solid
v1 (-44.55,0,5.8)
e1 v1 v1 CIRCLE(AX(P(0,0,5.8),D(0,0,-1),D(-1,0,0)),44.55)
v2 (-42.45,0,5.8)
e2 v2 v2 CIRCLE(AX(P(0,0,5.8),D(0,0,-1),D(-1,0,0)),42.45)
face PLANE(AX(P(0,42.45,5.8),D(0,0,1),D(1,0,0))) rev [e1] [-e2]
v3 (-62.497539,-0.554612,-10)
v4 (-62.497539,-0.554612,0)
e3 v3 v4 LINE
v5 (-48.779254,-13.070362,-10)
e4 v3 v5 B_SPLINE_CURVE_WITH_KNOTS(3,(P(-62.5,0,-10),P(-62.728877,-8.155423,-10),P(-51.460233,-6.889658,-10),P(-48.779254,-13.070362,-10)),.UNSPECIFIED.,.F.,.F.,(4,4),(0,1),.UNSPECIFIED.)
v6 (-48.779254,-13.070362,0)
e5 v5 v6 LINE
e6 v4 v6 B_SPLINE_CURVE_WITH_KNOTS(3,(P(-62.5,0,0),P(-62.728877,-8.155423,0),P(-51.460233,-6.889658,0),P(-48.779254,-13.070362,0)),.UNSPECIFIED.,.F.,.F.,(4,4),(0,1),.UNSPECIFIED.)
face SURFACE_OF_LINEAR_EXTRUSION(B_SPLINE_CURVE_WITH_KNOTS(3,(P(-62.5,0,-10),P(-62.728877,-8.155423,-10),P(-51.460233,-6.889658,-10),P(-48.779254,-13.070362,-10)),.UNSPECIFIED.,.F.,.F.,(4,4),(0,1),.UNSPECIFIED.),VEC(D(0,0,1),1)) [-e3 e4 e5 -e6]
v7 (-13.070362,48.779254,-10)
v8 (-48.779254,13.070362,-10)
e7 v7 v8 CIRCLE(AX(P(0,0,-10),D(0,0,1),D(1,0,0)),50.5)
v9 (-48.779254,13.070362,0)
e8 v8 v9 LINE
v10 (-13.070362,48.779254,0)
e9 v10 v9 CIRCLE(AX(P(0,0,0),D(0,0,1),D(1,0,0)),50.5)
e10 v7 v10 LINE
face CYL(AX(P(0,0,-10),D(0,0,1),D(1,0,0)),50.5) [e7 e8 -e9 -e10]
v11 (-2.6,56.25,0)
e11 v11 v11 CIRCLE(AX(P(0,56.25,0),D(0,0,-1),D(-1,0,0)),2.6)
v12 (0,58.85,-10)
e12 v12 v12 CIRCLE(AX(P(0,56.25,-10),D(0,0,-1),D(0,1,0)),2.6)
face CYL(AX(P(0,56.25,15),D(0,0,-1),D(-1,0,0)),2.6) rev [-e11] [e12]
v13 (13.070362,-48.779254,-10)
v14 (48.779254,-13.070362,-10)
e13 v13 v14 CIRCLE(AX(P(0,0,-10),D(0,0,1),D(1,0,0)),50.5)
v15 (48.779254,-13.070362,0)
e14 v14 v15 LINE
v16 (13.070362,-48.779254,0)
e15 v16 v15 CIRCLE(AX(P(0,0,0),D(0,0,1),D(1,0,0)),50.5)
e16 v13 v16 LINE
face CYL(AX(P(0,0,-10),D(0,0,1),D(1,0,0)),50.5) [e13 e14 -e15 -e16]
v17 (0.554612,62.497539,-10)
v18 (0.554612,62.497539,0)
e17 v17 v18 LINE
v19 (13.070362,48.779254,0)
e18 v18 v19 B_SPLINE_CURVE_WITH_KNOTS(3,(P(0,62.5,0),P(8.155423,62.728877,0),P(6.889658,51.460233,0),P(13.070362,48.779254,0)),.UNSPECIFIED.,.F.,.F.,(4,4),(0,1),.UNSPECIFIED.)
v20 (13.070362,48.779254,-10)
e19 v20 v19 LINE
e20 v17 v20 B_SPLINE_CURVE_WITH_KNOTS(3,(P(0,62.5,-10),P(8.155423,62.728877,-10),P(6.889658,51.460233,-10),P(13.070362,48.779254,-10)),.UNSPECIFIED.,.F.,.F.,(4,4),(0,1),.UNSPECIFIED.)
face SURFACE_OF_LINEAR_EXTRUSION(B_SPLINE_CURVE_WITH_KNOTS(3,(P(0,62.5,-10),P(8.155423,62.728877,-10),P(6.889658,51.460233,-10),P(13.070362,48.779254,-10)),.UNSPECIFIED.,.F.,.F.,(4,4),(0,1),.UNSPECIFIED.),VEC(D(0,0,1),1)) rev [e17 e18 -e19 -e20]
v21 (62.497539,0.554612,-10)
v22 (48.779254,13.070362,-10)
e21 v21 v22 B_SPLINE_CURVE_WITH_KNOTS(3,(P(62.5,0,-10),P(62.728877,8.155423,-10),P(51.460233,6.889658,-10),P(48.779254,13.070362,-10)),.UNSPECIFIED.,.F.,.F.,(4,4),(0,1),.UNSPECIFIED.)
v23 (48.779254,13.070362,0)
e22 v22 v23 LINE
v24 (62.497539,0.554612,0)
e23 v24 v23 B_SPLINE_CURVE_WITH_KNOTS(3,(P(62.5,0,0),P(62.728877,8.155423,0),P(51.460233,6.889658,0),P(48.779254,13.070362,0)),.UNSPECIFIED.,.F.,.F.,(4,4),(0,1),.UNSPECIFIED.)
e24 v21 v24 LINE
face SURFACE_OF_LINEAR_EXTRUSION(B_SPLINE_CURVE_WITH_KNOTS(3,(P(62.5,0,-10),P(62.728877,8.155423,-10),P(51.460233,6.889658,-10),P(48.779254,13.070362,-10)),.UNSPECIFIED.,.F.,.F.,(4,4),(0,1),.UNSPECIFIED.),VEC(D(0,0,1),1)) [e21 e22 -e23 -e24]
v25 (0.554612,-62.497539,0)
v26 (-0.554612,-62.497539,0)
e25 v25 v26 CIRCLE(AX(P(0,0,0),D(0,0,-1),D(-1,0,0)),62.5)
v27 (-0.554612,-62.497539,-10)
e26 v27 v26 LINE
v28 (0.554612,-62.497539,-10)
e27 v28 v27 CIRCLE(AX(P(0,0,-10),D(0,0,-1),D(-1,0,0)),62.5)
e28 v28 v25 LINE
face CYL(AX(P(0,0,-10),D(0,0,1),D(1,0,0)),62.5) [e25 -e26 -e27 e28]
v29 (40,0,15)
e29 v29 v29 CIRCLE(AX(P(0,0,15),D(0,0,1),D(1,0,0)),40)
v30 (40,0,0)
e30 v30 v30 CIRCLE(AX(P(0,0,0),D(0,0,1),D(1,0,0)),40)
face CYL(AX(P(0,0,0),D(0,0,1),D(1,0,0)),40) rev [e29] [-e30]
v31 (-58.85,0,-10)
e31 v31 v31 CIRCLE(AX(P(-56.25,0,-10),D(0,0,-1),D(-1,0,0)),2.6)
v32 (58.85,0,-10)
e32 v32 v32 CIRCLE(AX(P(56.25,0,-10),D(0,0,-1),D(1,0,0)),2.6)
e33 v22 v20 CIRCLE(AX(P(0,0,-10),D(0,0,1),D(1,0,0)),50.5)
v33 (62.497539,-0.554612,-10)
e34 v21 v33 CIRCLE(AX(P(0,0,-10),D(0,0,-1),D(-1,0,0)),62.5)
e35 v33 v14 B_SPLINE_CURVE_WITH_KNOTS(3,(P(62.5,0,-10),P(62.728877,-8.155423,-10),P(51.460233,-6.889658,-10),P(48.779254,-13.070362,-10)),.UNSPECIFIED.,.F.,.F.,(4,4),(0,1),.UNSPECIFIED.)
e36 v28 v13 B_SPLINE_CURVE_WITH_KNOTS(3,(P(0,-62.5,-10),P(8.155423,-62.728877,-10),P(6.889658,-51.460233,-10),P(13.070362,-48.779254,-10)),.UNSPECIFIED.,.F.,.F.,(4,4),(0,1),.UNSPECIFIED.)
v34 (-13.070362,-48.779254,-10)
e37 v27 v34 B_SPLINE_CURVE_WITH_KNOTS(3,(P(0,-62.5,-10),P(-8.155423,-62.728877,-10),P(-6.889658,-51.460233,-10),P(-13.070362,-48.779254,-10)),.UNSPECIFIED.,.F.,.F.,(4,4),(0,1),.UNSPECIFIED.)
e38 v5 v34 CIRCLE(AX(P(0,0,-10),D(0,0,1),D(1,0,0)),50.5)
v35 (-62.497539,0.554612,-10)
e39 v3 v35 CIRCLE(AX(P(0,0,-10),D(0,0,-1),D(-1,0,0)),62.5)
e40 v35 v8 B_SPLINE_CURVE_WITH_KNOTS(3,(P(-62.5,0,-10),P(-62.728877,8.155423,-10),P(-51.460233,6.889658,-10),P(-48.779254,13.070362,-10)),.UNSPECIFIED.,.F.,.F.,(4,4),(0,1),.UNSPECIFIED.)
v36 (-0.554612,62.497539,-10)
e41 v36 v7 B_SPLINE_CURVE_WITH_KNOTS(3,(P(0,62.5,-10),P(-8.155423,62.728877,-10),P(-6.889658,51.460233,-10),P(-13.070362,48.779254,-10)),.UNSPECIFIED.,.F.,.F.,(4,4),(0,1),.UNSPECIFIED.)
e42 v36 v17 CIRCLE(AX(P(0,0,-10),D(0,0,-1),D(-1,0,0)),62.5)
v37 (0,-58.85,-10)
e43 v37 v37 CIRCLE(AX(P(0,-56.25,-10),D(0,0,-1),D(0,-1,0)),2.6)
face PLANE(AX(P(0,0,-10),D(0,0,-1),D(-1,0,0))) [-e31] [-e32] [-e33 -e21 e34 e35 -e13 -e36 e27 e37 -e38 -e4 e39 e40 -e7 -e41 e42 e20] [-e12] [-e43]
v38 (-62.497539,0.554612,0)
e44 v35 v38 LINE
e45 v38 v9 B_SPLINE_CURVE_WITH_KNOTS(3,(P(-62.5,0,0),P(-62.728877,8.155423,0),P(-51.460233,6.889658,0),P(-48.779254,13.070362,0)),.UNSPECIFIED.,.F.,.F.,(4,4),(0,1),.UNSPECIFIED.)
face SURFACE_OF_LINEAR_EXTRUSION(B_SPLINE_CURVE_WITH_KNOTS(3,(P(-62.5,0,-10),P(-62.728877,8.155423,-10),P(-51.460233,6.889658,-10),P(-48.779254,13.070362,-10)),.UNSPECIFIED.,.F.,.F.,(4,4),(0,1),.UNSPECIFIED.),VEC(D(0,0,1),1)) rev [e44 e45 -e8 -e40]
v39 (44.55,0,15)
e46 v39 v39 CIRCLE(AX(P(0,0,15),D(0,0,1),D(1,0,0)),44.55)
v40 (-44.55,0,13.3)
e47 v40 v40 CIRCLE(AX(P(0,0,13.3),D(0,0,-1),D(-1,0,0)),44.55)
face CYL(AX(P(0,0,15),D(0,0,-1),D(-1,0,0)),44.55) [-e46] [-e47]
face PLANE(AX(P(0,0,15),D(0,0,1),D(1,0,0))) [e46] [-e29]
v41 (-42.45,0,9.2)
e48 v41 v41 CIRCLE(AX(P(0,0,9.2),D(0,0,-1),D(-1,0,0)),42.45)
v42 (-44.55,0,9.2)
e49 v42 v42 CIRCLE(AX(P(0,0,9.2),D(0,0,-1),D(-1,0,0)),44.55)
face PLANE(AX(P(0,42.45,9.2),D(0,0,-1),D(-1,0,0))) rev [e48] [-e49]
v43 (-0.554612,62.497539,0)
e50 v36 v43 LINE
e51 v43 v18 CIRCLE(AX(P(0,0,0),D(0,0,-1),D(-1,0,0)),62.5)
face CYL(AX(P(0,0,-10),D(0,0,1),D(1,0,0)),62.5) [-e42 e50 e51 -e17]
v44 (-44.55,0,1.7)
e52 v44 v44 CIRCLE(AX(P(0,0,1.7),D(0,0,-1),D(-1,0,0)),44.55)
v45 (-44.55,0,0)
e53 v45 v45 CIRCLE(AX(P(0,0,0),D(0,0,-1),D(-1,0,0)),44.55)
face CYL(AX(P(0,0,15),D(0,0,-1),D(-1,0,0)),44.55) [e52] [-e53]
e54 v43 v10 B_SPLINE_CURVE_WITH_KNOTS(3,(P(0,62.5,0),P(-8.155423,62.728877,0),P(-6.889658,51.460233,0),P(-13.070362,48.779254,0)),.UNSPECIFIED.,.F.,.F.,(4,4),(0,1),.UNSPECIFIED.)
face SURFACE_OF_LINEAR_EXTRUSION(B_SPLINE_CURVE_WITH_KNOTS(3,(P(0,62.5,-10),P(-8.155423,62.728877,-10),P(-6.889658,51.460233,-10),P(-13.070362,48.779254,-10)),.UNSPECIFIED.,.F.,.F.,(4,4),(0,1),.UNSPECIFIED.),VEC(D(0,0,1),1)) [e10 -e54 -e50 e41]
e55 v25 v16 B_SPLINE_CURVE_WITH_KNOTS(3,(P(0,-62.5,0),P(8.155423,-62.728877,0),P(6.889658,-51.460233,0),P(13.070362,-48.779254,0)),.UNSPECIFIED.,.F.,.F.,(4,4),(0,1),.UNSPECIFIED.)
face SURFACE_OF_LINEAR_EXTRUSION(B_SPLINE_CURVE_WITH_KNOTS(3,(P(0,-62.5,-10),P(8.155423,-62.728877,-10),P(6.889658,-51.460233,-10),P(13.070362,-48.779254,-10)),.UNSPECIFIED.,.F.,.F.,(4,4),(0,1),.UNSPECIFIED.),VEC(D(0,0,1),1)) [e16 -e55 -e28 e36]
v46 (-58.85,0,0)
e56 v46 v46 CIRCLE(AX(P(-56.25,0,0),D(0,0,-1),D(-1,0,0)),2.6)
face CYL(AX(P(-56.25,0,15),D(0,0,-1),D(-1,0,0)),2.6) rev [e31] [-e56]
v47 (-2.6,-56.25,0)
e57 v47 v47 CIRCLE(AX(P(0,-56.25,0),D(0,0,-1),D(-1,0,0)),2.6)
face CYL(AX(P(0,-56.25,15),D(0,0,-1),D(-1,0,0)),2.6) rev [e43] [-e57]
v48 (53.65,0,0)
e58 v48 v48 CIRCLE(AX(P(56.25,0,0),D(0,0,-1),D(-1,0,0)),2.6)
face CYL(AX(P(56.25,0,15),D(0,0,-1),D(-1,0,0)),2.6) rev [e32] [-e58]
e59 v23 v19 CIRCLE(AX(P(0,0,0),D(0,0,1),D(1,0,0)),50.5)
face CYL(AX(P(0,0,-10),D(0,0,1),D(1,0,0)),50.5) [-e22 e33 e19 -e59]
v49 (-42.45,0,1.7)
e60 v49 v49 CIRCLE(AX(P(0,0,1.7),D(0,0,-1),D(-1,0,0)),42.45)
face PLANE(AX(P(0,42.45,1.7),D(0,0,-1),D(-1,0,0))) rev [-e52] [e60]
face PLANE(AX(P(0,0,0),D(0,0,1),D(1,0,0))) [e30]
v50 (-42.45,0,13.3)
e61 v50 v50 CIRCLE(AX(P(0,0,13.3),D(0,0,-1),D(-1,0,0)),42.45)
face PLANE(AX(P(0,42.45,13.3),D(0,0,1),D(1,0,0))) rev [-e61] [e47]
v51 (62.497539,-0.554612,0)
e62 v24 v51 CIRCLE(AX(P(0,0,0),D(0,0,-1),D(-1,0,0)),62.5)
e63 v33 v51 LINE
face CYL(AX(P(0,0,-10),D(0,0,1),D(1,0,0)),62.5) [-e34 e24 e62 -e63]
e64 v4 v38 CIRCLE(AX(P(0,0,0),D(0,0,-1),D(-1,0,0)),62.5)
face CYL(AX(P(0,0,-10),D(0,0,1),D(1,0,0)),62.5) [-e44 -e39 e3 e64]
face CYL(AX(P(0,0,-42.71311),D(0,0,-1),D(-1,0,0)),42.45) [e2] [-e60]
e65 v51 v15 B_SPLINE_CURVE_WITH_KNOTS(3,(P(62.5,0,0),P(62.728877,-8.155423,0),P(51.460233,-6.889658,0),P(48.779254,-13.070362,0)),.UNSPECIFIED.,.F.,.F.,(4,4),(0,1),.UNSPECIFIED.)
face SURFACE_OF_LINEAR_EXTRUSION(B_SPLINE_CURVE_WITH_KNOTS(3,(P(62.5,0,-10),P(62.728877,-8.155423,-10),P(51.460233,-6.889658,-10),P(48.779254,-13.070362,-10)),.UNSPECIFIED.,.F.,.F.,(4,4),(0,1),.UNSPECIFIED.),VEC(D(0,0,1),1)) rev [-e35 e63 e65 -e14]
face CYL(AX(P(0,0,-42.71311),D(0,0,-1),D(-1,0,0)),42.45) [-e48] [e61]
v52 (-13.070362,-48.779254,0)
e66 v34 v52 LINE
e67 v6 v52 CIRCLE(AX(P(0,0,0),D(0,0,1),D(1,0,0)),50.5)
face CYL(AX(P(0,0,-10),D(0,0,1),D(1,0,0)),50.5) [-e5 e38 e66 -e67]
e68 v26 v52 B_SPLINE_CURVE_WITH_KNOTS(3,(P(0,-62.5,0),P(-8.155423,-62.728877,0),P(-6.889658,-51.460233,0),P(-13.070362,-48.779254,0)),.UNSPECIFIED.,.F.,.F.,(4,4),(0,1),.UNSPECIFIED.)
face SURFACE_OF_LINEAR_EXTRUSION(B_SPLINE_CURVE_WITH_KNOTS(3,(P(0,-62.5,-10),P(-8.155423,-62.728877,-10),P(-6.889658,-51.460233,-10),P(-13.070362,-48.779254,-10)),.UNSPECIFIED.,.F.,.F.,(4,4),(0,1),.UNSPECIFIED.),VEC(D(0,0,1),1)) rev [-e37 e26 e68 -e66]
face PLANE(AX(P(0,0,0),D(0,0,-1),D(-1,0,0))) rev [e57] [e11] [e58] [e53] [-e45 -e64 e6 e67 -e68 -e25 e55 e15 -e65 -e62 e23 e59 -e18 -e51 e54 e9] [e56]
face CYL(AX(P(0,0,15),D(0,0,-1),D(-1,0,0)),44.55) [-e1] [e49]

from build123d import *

# Parameters (mm, degrees)
SKETCH1_R           = 44.55
BOSS_EXTRUDE1_DEPTH = 15
SKETCH2_R           = 62.5
BOSS_EXTRUDE2_DEPTH = 10
SKETCH3_R           = 40
CUT_EXTRUDE1_DEPTH  = 15
SKETCH4_W           = 4.1
SKETCH4_H           = 2.1
SKETCH7_R           = 2.6
CUT_EXTRUDE4_DEPTH  = 92.855865354
CIRPATTERN1_COUNT   = 4
CUT_EXTRUDE6_DEPTH  = 10


with BuildPart() as part:
    # Sketch1 → Boss-Extrude1 (new body)
    with BuildSketch(Plane.XY):
        Circle(SKETCH1_R)
    extrude(amount=BOSS_EXTRUDE1_DEPTH)

    # Sketch2 → Boss-Extrude2 (add)
    with BuildSketch(Plane(origin=(0, 0, 0), x_dir=(-1, 0, 0), z_dir=(0, 0, -1))):
        Circle(SKETCH2_R)
    extrude(amount=BOSS_EXTRUDE2_DEPTH)

    # Sketch3 → Cut-Extrude1 (cut)
    with BuildSketch(Plane.XY.offset(15)):
        Circle(SKETCH3_R)
    extrude(amount=-CUT_EXTRUDE1_DEPTH, mode=Mode.SUBTRACT)

    # Sketch4 → Cut-Revolve1 (revolve, cut)
    with BuildSketch(Plane(origin=(0, 0, 0), x_dir=(0, 0, -1), z_dir=(1, 0, 0))):
        with Locations((-3.75, 43.5)):
            Rectangle(SKETCH4_W, SKETCH4_H)
        with Locations((-11.25, 43.5)):
            Rectangle(SKETCH4_W, SKETCH4_H)
    revolve(axis=Axis((0, 0, -42.713110189), (0, 0, 1)), mode=Mode.SUBTRACT)

    # Sketch7 → Cut-Extrude4 (cut, through all)
    with BuildSketch(Plane(origin=(0, 0, -10), x_dir=(-1, 0, 0), z_dir=(0, 0, -1))):
        with Locations((56.25, 0)):
            Circle(SKETCH7_R)
    cut_extrude4 = extrude(amount=-CUT_EXTRUDE4_DEPTH, mode=Mode.SUBTRACT)

    # CirPattern1: Cut-Extrude4 ×4 about axis
    cirpattern1_axis = Axis((0, 0, -45.874761596), (0, 0, 1))
    for i in range(1, CIRPATTERN1_COUNT):
        add(cut_extrude4.rotate(cirpattern1_axis, i * 360 / CIRPATTERN1_COUNT), mode=Mode.SUBTRACT)

    # Sketch10 → Cut-Extrude6 (cut)
    with BuildSketch(Plane.XY):
        with BuildLine():
            ThreePointArc((13.070361778, 48.779254228), (35.70889245, 35.70889245), (48.779254228, 13.070361778))
            add(Edge.make_bspline(
                [(62.4975392, 0.55461157), (62.208727423, 8.100511472), (51.397803822, 7.033582927), (48.779254228, 13.070361778)],
                knots=[0.023286113, 0.023286113, 0.023286113, 0.023286113, 1, 1, 1, 1], degree=3))
            ThreePointArc((62.4975392, 0.55461157), (44.194173824, 44.194173824), (0.55461157, 62.4975392))
            add(Edge.make_bspline(
                [(0.55461157, 62.4975392), (8.100511472, 62.208727423), (7.033582927, 51.397803822), (13.070361778, 48.779254228)],
                knots=[0.023286113, 0.023286113, 0.023286113, 0.023286113, 1, 1, 1, 1], degree=3))
        make_face()
        with BuildLine():
            add(Edge.make_bspline(
                [(62.4975392, -0.55461157), (62.208727423, -8.100511472), (51.397803822, -7.033582927), (48.779254228, -13.070361778)],
                knots=[0.023286113, 0.023286113, 0.023286113, 0.023286113, 1, 1, 1, 1], degree=3))
            ThreePointArc((48.779254228, -13.070361778), (35.70889245, -35.70889245), (13.070361778, -48.779254228))
            add(Edge.make_bspline(
                [(0.55461157, -62.4975392), (8.100511472, -62.208727423), (7.033582927, -51.397803822), (13.070361778, -48.779254228)],
                knots=[0.023286113, 0.023286113, 0.023286113, 0.023286113, 1, 1, 1, 1], degree=3))
            ThreePointArc((0.55461157, -62.4975392), (44.194173824, -44.194173824), (62.4975392, -0.55461157))
        make_face()
        with BuildLine():
            ThreePointArc((-48.779254228, 13.070361778), (-35.70889245, 35.70889245), (-13.070361778, 48.779254228))
            add(Edge.make_bspline(
                [(-0.55461157, 62.4975392), (-8.100511472, 62.208727423), (-7.033582927, 51.397803822), (-13.070361778, 48.779254228)],
                knots=[0.023286113, 0.023286113, 0.023286113, 0.023286113, 1, 1, 1, 1], degree=3))
            ThreePointArc((-0.55461157, 62.4975392), (-44.194173824, 44.194173824), (-62.4975392, 0.55461157))
            add(Edge.make_bspline(
                [(-62.4975392, 0.55461157), (-62.208727423, 8.100511472), (-51.397803822, 7.033582927), (-48.779254228, 13.070361778)],
                knots=[0.023286113, 0.023286113, 0.023286113, 0.023286113, 1, 1, 1, 1], degree=3))
        make_face()
        with BuildLine():
            add(Edge.make_bspline(
                [(-0.55461157, -62.4975392), (-8.100511472, -62.208727423), (-7.033582927, -51.397803822), (-13.070361778, -48.779254228)],
                knots=[0.023286113, 0.023286113, 0.023286113, 0.023286113, 1, 1, 1, 1], degree=3))
            ThreePointArc((-13.070361778, -48.779254228), (-35.70889245, -35.70889245), (-48.779254228, -13.070361778))
            add(Edge.make_bspline(
                [(-62.4975392, -0.55461157), (-62.208727423, -8.100511472), (-51.397803822, -7.033582927), (-48.779254228, -13.070361778)],
                knots=[0.023286113, 0.023286113, 0.023286113, 0.023286113, 1, 1, 1, 1], degree=3))
            ThreePointArc((-62.4975392, -0.55461157), (-44.194173824, -44.194173824), (-0.55461157, -62.4975392))
        make_face()
    extrude(amount=-CUT_EXTRUDE6_DEPTH, mode=Mode.SUBTRACT)


solid = part.part
